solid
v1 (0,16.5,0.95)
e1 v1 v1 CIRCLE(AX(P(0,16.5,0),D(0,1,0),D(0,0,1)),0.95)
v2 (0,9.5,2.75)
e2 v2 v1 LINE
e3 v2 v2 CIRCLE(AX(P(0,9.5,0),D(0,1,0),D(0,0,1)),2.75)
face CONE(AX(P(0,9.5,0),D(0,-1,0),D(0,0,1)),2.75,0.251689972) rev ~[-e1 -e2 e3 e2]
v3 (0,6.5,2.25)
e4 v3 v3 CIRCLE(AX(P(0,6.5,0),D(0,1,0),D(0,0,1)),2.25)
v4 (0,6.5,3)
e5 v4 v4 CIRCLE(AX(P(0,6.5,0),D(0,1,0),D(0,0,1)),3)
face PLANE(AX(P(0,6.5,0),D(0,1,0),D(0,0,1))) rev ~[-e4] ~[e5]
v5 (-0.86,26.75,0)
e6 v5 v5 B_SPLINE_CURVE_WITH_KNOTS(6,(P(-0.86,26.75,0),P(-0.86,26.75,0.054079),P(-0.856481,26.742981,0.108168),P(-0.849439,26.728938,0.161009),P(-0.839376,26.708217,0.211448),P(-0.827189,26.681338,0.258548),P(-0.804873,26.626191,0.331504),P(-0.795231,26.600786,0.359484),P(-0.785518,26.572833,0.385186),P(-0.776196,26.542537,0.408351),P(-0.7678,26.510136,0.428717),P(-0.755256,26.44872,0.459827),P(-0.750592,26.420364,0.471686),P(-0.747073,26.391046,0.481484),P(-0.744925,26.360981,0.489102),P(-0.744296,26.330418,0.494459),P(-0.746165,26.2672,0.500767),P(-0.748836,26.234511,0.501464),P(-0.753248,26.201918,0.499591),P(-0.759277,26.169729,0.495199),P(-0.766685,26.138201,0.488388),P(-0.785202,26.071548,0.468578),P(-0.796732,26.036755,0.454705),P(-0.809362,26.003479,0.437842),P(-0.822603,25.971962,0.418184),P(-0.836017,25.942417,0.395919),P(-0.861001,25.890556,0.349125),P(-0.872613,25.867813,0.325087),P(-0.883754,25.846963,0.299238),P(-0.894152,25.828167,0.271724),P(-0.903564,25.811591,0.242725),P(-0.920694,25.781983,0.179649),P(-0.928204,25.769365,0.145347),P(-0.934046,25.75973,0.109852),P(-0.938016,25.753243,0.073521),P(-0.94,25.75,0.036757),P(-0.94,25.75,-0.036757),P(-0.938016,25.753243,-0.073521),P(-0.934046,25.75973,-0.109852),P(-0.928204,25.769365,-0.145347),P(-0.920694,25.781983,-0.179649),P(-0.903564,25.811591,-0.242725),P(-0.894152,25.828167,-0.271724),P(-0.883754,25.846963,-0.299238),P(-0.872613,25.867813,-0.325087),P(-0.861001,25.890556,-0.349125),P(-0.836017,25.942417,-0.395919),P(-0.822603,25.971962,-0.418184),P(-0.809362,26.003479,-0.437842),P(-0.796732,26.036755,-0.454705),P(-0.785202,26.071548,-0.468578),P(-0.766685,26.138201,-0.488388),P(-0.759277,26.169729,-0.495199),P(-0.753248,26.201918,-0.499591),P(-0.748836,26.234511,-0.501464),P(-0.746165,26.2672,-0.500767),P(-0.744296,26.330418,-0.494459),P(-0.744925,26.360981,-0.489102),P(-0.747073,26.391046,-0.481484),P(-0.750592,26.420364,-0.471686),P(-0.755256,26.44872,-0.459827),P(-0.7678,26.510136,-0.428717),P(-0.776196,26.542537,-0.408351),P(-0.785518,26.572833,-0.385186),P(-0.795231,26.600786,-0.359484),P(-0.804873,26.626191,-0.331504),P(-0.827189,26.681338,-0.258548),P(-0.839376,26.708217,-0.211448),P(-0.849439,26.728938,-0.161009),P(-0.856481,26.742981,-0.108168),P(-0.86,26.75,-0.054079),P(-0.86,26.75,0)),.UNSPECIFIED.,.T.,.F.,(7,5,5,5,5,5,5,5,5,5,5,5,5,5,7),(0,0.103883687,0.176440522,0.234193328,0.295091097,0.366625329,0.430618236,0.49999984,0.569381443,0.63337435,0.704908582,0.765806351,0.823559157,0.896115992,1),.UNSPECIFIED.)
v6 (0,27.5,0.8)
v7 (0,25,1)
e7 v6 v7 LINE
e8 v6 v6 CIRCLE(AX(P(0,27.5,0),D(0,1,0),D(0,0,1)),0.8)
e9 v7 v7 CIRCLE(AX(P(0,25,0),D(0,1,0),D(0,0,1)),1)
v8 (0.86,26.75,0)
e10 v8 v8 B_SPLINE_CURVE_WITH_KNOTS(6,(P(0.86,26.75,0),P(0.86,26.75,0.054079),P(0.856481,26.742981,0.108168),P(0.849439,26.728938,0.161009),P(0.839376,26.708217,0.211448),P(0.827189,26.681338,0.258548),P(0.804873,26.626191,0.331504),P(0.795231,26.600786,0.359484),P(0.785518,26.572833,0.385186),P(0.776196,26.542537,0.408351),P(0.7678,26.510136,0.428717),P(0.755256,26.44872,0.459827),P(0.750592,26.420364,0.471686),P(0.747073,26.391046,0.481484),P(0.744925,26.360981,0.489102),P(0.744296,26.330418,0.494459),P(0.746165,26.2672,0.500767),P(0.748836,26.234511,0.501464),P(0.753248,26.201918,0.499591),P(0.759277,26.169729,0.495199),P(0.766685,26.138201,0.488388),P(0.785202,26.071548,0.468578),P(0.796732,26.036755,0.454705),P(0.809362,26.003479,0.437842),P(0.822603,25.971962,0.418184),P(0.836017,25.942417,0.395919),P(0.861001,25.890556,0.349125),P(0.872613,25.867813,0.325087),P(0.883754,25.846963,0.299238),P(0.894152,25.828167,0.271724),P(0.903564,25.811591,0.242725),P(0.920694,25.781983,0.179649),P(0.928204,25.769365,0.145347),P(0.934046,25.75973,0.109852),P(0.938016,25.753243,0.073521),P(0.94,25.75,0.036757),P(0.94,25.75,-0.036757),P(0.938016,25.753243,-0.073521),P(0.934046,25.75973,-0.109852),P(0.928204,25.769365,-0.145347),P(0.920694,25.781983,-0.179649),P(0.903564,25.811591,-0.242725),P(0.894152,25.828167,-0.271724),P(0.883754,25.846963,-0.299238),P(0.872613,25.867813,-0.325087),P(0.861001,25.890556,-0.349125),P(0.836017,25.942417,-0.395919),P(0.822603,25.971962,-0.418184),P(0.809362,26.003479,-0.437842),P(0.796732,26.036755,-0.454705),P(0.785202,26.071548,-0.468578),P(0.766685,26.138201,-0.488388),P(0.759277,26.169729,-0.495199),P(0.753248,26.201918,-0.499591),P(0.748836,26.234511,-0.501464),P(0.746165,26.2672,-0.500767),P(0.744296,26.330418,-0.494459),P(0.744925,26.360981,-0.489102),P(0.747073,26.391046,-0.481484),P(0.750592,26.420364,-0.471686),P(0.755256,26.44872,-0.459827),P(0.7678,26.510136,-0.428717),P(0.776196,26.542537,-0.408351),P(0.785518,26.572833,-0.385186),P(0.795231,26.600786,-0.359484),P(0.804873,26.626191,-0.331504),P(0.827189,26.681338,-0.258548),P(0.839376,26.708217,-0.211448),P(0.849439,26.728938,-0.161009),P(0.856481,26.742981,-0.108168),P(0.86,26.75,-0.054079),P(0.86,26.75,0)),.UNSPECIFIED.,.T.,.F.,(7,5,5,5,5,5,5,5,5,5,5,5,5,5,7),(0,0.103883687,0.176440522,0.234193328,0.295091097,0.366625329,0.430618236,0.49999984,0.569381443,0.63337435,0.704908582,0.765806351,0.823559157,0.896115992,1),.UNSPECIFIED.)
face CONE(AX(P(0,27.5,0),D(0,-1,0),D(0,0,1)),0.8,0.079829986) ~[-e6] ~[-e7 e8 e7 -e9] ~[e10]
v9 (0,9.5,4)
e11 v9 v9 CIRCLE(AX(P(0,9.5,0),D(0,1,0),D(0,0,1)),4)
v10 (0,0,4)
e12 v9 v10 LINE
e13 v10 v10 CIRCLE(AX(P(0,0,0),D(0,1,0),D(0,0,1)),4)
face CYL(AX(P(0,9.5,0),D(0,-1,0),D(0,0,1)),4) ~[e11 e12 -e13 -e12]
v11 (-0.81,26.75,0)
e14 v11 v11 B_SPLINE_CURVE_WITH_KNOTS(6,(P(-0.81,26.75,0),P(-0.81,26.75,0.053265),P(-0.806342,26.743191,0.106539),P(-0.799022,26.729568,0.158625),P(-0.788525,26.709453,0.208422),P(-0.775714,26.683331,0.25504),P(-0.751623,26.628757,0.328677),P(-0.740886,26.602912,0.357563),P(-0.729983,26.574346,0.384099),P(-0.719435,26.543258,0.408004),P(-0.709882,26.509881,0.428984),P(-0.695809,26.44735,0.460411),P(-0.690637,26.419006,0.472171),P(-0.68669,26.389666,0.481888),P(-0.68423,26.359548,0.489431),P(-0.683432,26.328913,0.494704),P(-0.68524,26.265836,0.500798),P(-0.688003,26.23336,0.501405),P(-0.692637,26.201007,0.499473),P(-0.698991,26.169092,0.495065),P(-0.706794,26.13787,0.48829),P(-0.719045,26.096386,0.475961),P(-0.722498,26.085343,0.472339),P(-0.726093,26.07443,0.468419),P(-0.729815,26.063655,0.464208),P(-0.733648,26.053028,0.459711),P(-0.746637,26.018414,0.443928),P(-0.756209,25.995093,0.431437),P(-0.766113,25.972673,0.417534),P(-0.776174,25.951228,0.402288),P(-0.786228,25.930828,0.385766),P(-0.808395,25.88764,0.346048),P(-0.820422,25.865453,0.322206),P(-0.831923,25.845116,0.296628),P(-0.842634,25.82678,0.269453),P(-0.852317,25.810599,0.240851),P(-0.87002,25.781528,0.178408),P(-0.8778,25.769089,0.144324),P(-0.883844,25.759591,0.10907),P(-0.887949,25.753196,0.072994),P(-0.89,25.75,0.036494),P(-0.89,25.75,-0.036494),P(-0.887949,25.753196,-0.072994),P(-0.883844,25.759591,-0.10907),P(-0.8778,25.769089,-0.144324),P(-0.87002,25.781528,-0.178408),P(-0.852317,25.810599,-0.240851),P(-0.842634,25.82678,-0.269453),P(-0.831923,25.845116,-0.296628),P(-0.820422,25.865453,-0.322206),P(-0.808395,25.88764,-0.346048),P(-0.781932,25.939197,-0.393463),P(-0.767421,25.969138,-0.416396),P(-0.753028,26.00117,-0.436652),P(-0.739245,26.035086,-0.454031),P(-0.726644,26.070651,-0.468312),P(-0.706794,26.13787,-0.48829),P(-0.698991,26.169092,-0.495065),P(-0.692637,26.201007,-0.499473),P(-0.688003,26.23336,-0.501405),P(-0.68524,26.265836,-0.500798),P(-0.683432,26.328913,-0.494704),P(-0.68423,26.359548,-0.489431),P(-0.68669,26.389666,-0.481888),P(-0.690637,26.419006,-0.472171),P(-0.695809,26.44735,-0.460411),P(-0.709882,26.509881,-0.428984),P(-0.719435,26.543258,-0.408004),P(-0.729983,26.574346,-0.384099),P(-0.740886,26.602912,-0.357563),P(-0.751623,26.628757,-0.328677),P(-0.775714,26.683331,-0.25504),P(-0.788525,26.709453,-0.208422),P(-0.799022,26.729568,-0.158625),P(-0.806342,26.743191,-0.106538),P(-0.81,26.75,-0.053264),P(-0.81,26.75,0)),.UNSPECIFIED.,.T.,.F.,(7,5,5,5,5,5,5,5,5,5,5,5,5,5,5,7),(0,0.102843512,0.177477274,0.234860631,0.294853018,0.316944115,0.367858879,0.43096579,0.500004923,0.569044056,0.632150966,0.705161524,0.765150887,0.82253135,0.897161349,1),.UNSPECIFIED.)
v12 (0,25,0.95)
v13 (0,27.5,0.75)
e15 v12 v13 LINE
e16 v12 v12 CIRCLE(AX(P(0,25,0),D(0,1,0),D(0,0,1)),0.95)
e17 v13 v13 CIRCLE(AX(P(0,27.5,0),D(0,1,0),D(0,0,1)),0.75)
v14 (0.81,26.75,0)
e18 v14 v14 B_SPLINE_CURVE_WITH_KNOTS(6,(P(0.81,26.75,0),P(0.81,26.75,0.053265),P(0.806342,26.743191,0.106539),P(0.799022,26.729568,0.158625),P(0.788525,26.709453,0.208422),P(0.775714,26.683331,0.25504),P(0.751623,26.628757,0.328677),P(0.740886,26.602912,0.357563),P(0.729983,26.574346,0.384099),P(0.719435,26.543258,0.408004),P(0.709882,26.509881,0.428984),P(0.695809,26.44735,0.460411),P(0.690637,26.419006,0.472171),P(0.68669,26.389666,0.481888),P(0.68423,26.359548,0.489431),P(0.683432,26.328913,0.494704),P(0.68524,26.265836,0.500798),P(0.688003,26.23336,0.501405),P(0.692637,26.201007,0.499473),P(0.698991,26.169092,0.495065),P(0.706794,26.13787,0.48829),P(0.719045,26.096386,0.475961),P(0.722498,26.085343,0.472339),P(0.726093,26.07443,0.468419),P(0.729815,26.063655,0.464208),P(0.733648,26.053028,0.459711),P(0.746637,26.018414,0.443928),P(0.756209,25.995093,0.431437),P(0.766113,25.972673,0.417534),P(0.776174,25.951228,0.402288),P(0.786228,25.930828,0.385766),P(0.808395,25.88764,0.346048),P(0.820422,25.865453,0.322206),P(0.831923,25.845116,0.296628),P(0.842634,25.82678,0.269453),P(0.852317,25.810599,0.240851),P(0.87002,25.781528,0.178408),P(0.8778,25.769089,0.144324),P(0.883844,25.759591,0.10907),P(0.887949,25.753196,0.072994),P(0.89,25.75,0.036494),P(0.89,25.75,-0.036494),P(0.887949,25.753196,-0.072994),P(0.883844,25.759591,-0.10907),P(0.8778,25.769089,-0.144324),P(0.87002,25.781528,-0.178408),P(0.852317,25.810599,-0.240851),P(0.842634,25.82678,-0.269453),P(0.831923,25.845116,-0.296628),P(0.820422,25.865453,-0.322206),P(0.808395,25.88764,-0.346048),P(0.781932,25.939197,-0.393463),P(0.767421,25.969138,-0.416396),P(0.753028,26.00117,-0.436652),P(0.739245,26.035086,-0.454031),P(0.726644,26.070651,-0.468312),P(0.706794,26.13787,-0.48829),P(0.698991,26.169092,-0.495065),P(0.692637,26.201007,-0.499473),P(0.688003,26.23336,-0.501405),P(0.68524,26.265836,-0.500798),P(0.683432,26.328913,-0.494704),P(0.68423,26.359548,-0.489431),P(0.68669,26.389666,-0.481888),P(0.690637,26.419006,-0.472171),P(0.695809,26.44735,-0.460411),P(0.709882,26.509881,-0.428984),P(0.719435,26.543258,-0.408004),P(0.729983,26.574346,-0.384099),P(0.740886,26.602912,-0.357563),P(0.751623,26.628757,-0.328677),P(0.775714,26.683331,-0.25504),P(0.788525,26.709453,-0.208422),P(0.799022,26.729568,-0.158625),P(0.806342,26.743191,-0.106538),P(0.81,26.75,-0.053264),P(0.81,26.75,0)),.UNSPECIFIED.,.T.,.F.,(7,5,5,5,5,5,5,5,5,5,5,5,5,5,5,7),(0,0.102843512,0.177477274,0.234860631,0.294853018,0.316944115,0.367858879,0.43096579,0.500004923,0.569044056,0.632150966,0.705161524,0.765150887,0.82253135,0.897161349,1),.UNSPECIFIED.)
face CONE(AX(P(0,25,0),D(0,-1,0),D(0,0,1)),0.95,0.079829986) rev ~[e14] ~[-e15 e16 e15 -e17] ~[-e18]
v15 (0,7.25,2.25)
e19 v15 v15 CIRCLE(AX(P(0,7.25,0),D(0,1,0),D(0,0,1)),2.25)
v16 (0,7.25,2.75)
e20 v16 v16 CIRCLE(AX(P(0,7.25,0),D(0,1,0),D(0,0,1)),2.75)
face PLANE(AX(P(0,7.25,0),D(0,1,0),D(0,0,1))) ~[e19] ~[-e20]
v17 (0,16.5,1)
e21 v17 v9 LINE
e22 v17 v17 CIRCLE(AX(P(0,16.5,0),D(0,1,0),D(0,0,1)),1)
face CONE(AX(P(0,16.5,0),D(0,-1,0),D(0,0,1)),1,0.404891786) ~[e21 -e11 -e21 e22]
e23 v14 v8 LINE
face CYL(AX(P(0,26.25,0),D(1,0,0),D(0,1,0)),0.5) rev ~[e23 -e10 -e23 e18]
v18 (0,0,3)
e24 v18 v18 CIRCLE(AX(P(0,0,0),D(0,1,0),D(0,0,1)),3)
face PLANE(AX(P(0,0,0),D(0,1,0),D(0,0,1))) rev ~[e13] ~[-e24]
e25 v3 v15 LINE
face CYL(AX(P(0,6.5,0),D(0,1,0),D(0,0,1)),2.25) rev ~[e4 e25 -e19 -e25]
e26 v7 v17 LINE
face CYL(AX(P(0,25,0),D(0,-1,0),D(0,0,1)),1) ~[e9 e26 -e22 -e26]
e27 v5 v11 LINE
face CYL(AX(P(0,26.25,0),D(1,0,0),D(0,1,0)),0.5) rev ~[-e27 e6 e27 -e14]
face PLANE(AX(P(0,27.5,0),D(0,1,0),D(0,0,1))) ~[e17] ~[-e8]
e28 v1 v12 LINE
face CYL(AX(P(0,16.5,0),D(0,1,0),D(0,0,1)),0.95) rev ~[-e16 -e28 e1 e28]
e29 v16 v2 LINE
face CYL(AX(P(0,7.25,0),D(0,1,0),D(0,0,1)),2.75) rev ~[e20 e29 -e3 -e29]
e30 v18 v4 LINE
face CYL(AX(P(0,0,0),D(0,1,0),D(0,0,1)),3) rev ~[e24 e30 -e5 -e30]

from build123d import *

# Parameters (mm, degrees)
F2_R     = 0.5
F3_DEPTH = 1


with BuildPart() as f1:
    # F0 (on Right) → F1 (revolve)
    with BuildSketch(Plane.YZ):
        Polygon((0, 4), (0, 3), (6.5, 3), (6.5, 2.25), (7.25, 2.25), (7.25, 2.75), (9.5, 2.75), (16.5, 0.95), (25, 0.95), (27.5, 0.75), (27.5, 0.8), (25, 1), (16.5, 1), (9.5, 4), align=None)
    revolve(axis=Axis((0, 16.018412, 0), (0, 1, 0)))

    # F2 (on Right) → F3 (cut, symmetric)
    with BuildSketch(Plane.YZ):
        with Locations((26.25, 0)):
            Circle(F2_R)
    extrude(amount=F3_DEPTH, both=True, mode=Mode.SUBTRACT)


solid = f1.part
